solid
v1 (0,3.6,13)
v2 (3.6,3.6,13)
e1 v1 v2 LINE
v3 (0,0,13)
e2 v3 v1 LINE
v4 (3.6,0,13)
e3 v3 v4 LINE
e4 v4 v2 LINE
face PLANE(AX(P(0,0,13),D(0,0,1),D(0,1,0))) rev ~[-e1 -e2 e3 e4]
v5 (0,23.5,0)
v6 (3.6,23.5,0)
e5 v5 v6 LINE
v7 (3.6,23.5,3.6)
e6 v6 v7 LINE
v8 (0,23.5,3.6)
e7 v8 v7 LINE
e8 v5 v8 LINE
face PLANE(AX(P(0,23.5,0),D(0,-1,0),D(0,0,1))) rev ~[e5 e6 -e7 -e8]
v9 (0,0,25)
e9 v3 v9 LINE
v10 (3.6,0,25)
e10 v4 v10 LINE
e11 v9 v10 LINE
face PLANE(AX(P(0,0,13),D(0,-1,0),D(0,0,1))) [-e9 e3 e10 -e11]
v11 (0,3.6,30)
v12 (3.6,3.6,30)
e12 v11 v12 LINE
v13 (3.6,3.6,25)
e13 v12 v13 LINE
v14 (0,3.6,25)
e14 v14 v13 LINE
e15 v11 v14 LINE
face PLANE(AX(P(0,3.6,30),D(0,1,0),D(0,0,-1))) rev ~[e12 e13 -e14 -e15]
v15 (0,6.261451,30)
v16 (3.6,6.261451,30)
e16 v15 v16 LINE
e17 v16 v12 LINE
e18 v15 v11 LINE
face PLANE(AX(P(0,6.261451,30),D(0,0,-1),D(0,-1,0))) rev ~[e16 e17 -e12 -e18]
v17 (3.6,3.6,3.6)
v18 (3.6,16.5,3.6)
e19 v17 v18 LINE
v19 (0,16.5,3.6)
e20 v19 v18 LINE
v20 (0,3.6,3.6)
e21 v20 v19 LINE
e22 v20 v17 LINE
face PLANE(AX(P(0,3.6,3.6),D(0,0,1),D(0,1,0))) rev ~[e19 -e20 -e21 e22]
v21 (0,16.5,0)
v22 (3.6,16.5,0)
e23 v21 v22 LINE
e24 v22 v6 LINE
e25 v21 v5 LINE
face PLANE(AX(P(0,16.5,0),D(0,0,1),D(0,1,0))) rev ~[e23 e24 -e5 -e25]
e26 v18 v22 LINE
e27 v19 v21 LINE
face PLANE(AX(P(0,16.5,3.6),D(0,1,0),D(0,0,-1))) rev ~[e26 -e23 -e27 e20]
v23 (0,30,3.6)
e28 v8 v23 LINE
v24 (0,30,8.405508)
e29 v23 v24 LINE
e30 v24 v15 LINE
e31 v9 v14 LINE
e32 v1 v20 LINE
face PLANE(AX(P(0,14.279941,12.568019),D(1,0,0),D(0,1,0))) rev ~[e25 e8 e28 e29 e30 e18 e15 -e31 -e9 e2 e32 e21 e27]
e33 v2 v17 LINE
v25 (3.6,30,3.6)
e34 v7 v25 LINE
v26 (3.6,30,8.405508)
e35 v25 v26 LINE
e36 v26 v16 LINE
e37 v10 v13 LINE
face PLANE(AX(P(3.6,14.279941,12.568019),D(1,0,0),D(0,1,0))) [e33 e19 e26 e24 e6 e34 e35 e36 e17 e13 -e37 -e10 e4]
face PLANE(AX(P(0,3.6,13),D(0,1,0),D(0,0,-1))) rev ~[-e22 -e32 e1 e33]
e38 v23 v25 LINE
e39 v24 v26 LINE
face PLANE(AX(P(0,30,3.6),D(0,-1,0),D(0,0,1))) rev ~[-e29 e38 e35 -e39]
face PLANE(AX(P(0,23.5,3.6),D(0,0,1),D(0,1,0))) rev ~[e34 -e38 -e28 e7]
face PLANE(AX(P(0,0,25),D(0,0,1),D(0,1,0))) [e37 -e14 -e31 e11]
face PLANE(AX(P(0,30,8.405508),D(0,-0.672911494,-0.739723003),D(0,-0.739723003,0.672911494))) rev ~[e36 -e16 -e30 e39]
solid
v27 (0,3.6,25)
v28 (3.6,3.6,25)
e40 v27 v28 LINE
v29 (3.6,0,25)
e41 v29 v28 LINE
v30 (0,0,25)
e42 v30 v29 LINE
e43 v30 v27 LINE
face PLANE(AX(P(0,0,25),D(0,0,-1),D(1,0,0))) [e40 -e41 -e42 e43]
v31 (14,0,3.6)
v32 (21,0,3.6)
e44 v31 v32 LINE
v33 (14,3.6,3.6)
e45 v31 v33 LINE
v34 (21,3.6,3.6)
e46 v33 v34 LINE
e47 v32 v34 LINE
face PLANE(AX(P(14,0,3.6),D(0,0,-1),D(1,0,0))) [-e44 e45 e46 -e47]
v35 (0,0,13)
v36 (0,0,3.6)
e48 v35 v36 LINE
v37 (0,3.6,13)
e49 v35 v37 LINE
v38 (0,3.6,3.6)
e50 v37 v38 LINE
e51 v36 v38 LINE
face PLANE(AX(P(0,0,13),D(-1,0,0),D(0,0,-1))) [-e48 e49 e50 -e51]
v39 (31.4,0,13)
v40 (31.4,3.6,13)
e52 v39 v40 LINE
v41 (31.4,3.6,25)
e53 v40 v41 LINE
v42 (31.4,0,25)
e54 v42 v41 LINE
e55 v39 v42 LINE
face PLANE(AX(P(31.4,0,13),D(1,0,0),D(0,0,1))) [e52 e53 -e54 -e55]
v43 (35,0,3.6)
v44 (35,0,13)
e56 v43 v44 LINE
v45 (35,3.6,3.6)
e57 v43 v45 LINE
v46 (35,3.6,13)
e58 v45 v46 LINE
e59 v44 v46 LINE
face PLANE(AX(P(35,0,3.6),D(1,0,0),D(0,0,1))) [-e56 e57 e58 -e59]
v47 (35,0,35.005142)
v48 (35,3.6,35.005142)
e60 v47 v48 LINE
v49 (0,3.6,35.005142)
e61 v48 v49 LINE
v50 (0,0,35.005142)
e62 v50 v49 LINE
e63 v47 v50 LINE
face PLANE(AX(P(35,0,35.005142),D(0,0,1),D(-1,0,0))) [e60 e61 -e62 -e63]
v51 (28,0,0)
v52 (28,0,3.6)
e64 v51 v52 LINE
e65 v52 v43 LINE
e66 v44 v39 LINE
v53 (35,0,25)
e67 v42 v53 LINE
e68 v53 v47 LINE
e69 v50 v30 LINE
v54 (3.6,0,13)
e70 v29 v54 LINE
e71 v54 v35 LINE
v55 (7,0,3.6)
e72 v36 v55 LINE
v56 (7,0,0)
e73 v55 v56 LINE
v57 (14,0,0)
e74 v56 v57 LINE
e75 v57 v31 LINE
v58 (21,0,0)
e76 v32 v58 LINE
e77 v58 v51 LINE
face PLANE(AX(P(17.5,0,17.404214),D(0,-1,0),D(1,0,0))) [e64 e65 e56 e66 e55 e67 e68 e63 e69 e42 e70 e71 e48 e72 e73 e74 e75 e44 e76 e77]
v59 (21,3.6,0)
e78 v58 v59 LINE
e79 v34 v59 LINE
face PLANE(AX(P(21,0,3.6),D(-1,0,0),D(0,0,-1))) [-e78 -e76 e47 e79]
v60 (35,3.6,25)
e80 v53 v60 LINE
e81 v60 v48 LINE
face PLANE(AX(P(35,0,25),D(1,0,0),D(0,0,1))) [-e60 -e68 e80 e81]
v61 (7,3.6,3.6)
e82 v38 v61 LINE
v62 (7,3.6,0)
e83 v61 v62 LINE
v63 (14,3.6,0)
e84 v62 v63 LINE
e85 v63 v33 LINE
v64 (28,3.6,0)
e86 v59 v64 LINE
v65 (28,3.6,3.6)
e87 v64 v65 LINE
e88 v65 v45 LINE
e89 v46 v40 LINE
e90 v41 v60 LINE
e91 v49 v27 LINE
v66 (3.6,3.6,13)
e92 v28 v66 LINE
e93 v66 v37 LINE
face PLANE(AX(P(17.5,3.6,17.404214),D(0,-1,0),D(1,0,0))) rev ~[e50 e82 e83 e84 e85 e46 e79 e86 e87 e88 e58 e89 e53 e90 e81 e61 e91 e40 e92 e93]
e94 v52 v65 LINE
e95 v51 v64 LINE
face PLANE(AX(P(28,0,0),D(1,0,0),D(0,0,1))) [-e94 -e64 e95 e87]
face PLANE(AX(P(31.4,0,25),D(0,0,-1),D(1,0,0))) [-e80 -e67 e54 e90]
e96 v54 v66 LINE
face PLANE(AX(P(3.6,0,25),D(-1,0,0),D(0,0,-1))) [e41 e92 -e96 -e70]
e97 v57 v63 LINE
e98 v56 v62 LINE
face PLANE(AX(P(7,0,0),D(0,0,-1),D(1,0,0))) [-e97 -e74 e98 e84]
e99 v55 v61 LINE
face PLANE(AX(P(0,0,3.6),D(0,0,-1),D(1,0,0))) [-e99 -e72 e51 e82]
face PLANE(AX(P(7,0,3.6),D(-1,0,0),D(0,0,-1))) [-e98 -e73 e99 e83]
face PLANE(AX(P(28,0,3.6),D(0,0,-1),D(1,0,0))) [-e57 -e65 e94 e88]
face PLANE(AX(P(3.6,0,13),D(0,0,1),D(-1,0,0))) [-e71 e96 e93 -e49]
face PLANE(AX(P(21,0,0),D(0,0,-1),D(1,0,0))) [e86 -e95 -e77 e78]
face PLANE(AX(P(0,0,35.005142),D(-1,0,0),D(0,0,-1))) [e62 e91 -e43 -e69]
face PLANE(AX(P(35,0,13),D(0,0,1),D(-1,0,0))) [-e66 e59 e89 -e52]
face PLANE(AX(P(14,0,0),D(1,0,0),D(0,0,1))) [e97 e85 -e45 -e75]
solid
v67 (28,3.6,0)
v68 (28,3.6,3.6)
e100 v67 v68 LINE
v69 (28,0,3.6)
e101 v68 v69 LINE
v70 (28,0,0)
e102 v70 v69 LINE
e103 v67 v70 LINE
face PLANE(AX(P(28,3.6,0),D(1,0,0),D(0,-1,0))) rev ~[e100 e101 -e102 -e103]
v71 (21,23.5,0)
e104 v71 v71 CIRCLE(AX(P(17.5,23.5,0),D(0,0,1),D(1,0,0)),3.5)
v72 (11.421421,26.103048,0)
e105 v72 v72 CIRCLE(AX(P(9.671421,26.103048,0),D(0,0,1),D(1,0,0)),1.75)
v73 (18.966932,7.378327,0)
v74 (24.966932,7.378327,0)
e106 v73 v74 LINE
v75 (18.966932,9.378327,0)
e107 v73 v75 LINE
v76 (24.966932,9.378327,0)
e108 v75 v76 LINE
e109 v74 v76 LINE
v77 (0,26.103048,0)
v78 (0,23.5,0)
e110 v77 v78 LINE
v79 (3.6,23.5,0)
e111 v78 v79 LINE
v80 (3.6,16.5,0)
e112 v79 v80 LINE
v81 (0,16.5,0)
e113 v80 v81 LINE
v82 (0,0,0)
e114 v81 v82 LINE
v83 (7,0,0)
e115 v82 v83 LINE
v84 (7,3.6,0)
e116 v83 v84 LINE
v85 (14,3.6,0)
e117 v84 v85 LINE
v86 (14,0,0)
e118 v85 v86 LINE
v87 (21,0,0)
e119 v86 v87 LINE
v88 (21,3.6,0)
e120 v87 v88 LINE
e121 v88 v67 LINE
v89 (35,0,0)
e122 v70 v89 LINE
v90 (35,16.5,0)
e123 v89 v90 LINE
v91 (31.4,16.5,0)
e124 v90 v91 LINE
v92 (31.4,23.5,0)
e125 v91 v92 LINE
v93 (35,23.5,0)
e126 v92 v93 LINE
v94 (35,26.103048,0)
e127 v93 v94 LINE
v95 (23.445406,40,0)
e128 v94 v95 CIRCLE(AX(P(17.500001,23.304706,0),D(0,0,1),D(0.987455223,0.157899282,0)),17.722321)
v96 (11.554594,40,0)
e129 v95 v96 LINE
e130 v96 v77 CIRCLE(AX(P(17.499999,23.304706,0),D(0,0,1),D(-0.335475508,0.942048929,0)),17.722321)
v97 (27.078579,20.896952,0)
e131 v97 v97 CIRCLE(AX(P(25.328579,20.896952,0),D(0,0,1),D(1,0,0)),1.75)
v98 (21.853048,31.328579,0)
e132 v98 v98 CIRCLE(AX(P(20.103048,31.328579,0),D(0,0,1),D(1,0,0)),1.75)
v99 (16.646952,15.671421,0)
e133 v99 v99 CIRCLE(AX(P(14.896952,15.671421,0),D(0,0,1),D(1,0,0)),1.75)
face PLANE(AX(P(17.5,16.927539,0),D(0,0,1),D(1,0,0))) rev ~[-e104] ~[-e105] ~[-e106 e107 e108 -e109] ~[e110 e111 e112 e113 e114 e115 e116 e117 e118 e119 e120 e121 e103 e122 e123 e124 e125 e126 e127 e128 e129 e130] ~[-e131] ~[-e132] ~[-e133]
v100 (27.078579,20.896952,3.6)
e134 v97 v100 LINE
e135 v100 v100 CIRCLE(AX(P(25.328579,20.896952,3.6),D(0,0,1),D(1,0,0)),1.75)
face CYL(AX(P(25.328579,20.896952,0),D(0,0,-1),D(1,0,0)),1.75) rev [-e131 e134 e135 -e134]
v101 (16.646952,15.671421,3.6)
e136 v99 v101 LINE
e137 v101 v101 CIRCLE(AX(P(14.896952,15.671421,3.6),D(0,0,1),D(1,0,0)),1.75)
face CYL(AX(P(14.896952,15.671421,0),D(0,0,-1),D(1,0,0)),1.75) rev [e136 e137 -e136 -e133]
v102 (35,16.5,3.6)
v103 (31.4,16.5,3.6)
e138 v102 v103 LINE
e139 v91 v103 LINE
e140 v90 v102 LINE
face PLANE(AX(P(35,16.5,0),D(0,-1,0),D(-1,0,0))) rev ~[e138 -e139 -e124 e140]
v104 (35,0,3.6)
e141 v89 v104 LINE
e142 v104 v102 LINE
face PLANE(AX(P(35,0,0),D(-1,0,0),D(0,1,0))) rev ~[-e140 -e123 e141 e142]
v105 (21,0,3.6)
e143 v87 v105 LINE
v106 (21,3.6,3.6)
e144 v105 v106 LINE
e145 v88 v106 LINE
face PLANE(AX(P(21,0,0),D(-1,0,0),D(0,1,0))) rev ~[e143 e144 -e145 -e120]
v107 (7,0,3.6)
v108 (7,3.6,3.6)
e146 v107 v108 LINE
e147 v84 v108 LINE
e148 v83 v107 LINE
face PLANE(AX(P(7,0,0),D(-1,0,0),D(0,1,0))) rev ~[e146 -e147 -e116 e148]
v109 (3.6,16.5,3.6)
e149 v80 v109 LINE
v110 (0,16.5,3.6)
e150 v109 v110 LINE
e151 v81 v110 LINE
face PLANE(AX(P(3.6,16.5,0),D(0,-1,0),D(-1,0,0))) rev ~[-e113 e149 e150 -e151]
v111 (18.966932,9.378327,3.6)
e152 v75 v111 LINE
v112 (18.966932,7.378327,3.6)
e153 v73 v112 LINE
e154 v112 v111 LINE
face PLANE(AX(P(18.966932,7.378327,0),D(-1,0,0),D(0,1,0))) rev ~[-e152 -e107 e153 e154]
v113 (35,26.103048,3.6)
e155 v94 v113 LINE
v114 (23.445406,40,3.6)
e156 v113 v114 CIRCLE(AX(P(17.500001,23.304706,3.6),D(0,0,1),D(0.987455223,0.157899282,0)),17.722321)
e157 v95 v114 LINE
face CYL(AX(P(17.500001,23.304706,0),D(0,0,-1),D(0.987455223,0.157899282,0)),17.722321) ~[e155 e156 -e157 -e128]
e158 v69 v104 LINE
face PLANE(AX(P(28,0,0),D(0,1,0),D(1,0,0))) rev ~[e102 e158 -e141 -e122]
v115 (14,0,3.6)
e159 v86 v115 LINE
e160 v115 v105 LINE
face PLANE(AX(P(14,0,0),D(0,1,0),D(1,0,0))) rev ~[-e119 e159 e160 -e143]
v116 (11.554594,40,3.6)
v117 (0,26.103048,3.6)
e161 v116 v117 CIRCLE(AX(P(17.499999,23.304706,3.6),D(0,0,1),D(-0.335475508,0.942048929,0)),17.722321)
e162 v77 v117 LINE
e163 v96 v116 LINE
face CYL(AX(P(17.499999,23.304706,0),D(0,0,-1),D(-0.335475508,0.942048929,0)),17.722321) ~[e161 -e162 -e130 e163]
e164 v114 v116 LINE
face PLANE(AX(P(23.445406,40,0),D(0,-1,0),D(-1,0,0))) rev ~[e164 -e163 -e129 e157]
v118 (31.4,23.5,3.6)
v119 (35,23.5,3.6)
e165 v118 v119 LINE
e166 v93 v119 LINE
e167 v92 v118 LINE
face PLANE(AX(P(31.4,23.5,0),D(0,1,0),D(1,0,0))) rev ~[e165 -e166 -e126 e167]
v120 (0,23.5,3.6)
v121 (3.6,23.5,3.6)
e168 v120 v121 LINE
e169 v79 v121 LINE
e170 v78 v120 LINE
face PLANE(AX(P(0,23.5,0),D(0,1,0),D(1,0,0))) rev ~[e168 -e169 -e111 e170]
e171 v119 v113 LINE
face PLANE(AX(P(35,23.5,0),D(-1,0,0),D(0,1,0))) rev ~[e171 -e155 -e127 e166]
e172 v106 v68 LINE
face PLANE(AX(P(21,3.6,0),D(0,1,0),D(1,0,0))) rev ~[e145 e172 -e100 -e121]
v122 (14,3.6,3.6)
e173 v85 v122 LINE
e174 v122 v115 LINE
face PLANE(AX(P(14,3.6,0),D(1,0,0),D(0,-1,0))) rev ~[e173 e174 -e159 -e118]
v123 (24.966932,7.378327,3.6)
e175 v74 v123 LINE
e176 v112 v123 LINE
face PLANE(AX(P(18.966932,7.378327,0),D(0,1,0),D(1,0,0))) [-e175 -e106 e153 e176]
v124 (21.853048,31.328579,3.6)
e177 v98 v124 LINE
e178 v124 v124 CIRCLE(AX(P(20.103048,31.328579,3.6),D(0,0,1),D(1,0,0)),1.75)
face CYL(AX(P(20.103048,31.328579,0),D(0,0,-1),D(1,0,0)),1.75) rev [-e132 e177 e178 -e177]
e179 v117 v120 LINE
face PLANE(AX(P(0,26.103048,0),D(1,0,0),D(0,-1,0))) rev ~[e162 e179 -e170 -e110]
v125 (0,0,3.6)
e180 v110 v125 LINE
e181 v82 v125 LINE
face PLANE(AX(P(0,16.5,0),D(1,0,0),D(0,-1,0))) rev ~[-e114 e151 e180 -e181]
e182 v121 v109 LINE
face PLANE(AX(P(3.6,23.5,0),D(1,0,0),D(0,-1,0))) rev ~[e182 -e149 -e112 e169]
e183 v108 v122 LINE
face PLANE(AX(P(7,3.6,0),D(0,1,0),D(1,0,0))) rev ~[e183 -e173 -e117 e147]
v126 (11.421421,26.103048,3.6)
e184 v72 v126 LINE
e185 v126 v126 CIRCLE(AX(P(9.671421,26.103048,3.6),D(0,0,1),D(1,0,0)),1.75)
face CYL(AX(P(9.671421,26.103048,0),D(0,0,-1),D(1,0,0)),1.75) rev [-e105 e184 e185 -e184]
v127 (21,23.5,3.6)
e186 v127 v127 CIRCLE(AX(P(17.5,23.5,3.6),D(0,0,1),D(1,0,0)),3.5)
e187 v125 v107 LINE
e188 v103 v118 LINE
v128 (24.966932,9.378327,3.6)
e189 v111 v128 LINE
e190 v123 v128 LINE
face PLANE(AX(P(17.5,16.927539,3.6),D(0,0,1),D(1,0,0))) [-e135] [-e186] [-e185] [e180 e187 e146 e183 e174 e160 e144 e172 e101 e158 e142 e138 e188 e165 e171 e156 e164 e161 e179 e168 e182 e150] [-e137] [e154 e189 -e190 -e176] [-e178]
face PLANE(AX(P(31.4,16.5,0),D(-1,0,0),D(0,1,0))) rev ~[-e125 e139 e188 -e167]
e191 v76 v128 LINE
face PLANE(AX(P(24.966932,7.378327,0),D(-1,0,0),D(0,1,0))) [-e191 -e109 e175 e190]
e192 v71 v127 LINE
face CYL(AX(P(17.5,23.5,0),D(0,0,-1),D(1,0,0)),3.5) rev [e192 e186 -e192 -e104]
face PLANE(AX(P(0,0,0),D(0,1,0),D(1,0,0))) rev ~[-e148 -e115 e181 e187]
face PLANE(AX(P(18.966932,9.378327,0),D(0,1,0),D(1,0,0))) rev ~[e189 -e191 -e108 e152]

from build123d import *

# Parameters (mm, degrees)
F2_DEPTH = 3.6
F0_R     = 1.75
F0_W     = 6
F0_H     = 2
F0_R_2   = 3.5
F3_DEPTH = 3.6
F4_W     = 3.6
F4_H     = 12
F5_DEPTH = 3.6


with BuildPart() as f2:
    # F1 (on Front) → F2 (new body)
    with BuildSketch(Plane.XZ):
        Polygon((35, 35.005142), (0, 35.005142), (0, 25), (3.6, 25), (3.6, 13), (0, 13), (0, 3.6), (7, 3.6), (7, 0), (14, 0), (14, 3.6), (21, 3.6), (21, 0), (28, 0), (28, 3.6), (35, 3.6), (35, 13), (31.4, 13), (31.4, 25), (35, 25), align=None)
    extrude(amount=-F2_DEPTH)


with BuildPart() as f3:
    # F0 (on Top) → F3 (new body)
    with BuildSketch(Plane.XY):
        with BuildLine():
            Line((0, 16.5), (0, 0))
            Line((0, 0), (7, 0))
            Line((7, 0), (7, 3.6))
            Line((7, 3.6), (14, 3.6))
            Line((14, 3.6), (14, 0))
            Line((14, 0), (21, 0))
            Line((21, 0), (21, 3.6))
            Line((21, 3.6), (28, 3.6))
            Line((28, 3.6), (28, 0))
            Line((28, 0), (35, 0))
            Line((35, 0), (35, 16.5))
            Line((35, 16.5), (31.4, 16.5))
            Line((31.4, 16.5), (31.4, 23.5))
            Line((31.4, 23.5), (35, 23.5))
            Line((35, 23.5), (35, 26.103048))
            ThreePointArc((35, 26.103048), (31.127292, 34.635091), (23.445406, 40))
            Line((23.445406, 40), (11.554594, 40))
            ThreePointArc((11.554594, 40), (3.872708, 34.635091), (0, 26.103048))
            Line((0, 26.103048), (0, 23.5))
            Line((0, 23.5), (3.6, 23.5))
            Line((3.6, 23.5), (3.6, 16.5))
            Line((3.6, 16.5), (0, 16.5))
        make_face()
        with Locations((14.896952, 15.671421)):
            Circle(F0_R, mode=Mode.SUBTRACT)
        with Locations((21.966932, 8.378327)):
            Rectangle(F0_W, F0_H, mode=Mode.SUBTRACT)
        with Locations((9.671421, 26.103048)):
            Circle(F0_R, mode=Mode.SUBTRACT)
        with Locations((17.5, 23.5)):
            Circle(F0_R_2, mode=Mode.SUBTRACT)
        with Locations((25.328579, 20.896952)):
            Circle(F0_R, mode=Mode.SUBTRACT)
        with Locations((20.103048, 31.328579)):
            Circle(F0_R, mode=Mode.SUBTRACT)
    extrude(amount=F3_DEPTH)


with BuildPart() as f5:
    # F4 (on Right) → F5 (new body)
    with BuildSketch(Plane.YZ):
        Polygon((6.261451, 30), (3.6, 30), (3.6, 25), (3.6, 13), (3.6, 3.6), (16.5, 3.6), (16.5, 0), (23.5, 0), (23.5, 3.6), (30, 3.6), (30, 8.405508), align=None)
        with Locations((1.8, 19)):
            Rectangle(F4_W, F4_H)
    extrude(amount=F5_DEPTH)


solid = Compound([f2.part, f3.part, f5.part])
